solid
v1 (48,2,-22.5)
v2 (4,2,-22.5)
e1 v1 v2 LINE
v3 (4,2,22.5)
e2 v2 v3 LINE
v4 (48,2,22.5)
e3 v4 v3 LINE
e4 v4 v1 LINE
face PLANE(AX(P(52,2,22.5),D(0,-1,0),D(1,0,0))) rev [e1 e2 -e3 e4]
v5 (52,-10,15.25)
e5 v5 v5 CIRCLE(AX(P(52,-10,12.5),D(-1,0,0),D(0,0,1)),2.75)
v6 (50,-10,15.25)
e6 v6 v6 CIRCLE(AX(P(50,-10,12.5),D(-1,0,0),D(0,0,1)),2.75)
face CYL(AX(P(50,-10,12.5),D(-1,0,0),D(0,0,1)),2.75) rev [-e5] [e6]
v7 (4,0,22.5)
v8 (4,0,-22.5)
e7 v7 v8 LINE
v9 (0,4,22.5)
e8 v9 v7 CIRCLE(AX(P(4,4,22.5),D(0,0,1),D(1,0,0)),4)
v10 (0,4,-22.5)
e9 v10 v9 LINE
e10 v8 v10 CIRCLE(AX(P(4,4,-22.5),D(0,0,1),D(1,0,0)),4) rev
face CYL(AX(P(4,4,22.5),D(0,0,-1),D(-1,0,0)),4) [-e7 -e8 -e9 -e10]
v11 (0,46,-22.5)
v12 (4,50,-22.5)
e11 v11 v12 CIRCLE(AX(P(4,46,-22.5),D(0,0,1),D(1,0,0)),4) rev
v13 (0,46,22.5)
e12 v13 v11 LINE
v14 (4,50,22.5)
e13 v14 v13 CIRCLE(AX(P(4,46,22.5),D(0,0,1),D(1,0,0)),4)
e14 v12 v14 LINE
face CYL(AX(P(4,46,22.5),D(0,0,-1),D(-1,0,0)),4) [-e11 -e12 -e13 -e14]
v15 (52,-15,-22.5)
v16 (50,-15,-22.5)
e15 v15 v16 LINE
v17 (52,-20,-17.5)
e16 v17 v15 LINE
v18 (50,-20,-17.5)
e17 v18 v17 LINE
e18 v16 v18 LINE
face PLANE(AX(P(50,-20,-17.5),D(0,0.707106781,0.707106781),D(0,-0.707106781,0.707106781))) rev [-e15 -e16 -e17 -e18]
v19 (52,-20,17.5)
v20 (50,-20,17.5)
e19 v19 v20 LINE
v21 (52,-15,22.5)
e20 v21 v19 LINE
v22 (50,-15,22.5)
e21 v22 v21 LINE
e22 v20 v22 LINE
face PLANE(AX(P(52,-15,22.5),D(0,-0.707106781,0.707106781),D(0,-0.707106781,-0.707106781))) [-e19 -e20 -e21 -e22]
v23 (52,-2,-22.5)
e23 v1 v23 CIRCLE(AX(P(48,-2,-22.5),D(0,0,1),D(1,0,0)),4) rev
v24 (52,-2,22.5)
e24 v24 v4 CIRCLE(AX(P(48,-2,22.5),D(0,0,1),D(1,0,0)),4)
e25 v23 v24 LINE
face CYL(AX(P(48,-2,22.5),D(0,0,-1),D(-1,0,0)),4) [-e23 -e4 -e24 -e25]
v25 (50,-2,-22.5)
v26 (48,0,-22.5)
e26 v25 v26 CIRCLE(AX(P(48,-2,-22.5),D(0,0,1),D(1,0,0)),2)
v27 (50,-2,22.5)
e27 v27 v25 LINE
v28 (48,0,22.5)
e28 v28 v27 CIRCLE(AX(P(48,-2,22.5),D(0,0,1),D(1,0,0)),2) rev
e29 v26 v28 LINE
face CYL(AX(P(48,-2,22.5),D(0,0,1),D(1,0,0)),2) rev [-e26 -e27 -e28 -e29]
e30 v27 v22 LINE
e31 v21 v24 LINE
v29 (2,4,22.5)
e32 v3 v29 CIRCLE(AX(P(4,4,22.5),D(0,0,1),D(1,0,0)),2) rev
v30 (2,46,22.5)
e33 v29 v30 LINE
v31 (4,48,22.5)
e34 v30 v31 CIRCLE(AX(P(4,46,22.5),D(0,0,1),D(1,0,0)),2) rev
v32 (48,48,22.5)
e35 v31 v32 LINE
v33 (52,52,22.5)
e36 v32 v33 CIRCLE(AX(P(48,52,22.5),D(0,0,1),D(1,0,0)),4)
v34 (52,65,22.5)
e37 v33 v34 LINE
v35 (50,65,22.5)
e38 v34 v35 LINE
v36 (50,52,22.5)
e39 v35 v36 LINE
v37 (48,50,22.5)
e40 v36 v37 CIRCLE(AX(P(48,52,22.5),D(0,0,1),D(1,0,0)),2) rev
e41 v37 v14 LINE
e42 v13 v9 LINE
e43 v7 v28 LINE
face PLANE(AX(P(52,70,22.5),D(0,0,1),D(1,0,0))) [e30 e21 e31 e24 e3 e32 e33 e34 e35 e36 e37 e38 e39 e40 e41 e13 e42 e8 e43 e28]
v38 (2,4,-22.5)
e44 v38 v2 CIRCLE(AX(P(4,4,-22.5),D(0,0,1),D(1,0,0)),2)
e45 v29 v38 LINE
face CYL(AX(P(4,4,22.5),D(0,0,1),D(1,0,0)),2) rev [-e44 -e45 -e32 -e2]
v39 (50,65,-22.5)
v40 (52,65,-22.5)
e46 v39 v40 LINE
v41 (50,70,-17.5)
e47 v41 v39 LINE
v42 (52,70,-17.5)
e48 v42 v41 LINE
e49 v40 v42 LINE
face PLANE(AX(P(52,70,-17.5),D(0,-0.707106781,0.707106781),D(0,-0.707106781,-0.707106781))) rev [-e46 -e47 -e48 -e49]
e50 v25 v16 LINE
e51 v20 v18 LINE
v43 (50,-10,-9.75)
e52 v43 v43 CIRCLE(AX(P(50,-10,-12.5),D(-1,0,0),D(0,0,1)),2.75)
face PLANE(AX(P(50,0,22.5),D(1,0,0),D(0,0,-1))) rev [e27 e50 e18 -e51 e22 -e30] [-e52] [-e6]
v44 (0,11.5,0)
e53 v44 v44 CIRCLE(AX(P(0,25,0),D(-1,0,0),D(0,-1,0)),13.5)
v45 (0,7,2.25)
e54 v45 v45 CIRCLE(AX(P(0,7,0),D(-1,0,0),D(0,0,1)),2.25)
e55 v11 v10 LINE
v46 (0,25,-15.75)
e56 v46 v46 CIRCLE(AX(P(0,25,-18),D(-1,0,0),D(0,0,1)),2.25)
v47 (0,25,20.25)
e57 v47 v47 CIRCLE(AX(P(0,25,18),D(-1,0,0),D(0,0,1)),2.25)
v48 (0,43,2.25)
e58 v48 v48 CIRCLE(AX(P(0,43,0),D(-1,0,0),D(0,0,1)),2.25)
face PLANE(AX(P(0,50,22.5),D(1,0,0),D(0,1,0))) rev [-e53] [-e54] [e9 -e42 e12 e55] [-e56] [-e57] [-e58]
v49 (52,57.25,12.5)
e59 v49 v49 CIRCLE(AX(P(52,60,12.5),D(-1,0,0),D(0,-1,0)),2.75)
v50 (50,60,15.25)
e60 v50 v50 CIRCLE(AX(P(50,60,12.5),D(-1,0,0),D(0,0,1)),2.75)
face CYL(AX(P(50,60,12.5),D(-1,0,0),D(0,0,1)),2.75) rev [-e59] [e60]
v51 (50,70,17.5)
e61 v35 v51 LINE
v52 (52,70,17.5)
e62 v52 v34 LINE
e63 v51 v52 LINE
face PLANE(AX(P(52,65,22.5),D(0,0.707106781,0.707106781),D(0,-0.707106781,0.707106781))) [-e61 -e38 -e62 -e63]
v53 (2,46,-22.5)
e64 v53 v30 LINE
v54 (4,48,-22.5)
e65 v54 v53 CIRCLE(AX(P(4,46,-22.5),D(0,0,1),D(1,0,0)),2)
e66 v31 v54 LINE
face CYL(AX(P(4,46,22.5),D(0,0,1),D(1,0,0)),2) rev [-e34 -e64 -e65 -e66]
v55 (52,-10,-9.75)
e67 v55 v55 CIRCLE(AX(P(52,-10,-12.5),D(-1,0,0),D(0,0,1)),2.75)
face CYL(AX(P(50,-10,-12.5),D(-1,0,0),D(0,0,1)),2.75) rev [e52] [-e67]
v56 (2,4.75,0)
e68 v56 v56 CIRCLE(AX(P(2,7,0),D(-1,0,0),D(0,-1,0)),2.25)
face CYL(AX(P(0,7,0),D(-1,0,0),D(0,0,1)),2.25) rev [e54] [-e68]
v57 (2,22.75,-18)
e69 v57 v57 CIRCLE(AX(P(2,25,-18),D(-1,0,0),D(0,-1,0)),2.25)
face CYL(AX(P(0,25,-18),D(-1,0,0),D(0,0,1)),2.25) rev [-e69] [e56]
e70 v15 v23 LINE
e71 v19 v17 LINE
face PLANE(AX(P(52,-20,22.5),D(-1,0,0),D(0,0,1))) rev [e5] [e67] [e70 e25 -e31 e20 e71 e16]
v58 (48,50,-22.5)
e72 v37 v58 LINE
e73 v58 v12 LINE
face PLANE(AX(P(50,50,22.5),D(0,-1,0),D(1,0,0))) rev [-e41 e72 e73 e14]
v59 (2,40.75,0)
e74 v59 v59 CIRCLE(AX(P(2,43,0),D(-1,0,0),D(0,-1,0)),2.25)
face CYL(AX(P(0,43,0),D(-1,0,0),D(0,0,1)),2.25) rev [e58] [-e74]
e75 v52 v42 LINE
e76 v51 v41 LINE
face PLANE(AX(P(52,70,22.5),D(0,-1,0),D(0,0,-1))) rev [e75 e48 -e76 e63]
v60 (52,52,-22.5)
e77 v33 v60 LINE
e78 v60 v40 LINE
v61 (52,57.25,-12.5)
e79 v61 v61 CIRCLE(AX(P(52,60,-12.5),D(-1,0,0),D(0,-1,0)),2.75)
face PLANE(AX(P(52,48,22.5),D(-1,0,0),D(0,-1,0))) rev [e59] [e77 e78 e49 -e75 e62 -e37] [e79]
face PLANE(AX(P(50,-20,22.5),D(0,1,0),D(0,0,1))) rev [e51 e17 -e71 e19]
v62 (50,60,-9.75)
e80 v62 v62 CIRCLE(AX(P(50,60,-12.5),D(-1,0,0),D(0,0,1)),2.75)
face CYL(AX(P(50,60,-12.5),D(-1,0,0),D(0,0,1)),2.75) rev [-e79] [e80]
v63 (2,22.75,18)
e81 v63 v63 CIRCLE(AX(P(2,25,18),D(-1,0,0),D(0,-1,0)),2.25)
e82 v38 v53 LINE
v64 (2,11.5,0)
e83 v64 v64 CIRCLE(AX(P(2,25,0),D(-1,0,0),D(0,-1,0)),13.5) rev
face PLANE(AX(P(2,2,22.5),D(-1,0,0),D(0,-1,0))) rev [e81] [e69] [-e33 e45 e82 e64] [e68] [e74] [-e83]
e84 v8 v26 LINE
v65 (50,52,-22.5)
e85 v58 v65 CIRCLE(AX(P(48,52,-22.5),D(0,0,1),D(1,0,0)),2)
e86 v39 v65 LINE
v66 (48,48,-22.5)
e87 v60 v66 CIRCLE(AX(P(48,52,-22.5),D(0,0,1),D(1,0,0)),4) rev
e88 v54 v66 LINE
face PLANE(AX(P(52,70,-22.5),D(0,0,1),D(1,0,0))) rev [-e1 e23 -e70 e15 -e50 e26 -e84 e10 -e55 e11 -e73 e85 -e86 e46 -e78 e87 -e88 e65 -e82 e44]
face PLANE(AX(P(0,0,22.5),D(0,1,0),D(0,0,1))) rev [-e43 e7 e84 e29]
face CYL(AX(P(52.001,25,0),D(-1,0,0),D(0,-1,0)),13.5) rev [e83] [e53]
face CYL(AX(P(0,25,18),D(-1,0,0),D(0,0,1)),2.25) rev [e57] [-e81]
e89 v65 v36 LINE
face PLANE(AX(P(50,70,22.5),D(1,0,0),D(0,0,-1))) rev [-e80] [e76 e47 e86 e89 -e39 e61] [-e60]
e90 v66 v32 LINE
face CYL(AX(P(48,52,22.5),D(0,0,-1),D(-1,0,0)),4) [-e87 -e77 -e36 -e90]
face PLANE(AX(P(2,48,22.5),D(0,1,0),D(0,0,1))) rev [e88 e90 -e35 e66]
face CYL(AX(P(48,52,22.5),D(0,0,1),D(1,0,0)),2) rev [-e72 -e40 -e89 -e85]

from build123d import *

# Parameters (mm, degrees)
BOSS_EXTRU_1_DEPTH           = 22.5
D_GAGEMENT_M51_D             = 5.5
D_GAGEMENT_M42_D             = 4.5
R_P_TITION_CIRCULAIRE2_COUNT = 4
CONG_1_R                     = 2
CHANFREIN1_SIZE              = 5
CONG_2_R                     = 4
ENL_V_MAT_EXTRU_1_REACH      = 92.057
ESQUISSE16_R                 = 13.5


with BuildPart() as part:
    # Esquisse1 → Boss.-Extru.1 (new, symmetric)
    with BuildSketch(Plane.XY):
        Polygon((52, 70), (50, 70), (50, 50), (0, 50), (0, 0), (50, 0), (50, -20), (52, -20), (52, 2), (2, 2), (2, 48), (52, 48), align=None)
    extrude(amount=BOSS_EXTRU_1_DEPTH, both=True)

    # Dégagement M51 (through all)
    with Locations(Plane.ZY.offset(-50)):
        with Locations((12.5, 60), (-12.5, 60), (-12.5, -10), (12.5, -10)):
            Hole(D_GAGEMENT_M51_D / 2)

    # Dégagement M42 (through all)
    with Locations(Plane.ZY):
        with Locations((0, 7)):
            d_gagement_m42 = Hole(D_GAGEMENT_M42_D / 2)

    # Répétition circulaire2: Dégagement M42 ×4 about axis
    r_p_tition_circulaire2_axis = Axis((0, 25, 0), (1, 0, 0))
    for i in range(1, R_P_TITION_CIRCULAIRE2_COUNT):
        add(d_gagement_m42.rotate(r_p_tition_circulaire2_axis, i * 360 / R_P_TITION_CIRCULAIRE2_COUNT), mode=Mode.SUBTRACT)

    # Congé1
    cong_1_edges = [part.edges().sort_by_distance(p)[0] for p in [
        (2, 48, 0),
        (2, 2, 0),
        (50, 0, 0),
        (50, 50, 0),
    ]]
    fillet(cong_1_edges, radius=CONG_1_R)

    # Chanfrein1
    chanfrein1_edges = [part.edges().sort_by_distance(p)[0] for p in [
        (51, -20, -22.5),
        (51, 70, -22.5),
        (51, -20, 22.5),
        (51, 70, 22.5),
    ]]
    chamfer(chanfrein1_edges, length=CHANFREIN1_SIZE)

    # Congé2
    cong_2_edges = [part.edges().sort_by_distance(p)[0] for p in [
        (52, 48, 0),
        (52, 2, 0),
        (0, 0, 0),
        (0, 50, 0),
    ]]
    fillet(cong_2_edges, radius=CONG_2_R)

    # Esquisse16 → Enlèv. mat.-Extru.1 (cut, up to next)
    with BuildSketch(Plane.ZY, mode=Mode.PRIVATE) as enl_v_mat_extru_1_sk1:
        with Locations(Location((0, 25, 0), (0, 0, 270))):
            Circle(ESQUISSE16_R)
    enl_v_mat_extru_1_tool1 = extrude(enl_v_mat_extru_1_sk1.sketch, amount=-ENL_V_MAT_EXTRU_1_REACH, mode=Mode.PRIVATE) & part.part
    add(enl_v_mat_extru_1_tool1.solids().sort_by_distance((0, 25, 0))[0], mode=Mode.SUBTRACT)


solid = part.part
